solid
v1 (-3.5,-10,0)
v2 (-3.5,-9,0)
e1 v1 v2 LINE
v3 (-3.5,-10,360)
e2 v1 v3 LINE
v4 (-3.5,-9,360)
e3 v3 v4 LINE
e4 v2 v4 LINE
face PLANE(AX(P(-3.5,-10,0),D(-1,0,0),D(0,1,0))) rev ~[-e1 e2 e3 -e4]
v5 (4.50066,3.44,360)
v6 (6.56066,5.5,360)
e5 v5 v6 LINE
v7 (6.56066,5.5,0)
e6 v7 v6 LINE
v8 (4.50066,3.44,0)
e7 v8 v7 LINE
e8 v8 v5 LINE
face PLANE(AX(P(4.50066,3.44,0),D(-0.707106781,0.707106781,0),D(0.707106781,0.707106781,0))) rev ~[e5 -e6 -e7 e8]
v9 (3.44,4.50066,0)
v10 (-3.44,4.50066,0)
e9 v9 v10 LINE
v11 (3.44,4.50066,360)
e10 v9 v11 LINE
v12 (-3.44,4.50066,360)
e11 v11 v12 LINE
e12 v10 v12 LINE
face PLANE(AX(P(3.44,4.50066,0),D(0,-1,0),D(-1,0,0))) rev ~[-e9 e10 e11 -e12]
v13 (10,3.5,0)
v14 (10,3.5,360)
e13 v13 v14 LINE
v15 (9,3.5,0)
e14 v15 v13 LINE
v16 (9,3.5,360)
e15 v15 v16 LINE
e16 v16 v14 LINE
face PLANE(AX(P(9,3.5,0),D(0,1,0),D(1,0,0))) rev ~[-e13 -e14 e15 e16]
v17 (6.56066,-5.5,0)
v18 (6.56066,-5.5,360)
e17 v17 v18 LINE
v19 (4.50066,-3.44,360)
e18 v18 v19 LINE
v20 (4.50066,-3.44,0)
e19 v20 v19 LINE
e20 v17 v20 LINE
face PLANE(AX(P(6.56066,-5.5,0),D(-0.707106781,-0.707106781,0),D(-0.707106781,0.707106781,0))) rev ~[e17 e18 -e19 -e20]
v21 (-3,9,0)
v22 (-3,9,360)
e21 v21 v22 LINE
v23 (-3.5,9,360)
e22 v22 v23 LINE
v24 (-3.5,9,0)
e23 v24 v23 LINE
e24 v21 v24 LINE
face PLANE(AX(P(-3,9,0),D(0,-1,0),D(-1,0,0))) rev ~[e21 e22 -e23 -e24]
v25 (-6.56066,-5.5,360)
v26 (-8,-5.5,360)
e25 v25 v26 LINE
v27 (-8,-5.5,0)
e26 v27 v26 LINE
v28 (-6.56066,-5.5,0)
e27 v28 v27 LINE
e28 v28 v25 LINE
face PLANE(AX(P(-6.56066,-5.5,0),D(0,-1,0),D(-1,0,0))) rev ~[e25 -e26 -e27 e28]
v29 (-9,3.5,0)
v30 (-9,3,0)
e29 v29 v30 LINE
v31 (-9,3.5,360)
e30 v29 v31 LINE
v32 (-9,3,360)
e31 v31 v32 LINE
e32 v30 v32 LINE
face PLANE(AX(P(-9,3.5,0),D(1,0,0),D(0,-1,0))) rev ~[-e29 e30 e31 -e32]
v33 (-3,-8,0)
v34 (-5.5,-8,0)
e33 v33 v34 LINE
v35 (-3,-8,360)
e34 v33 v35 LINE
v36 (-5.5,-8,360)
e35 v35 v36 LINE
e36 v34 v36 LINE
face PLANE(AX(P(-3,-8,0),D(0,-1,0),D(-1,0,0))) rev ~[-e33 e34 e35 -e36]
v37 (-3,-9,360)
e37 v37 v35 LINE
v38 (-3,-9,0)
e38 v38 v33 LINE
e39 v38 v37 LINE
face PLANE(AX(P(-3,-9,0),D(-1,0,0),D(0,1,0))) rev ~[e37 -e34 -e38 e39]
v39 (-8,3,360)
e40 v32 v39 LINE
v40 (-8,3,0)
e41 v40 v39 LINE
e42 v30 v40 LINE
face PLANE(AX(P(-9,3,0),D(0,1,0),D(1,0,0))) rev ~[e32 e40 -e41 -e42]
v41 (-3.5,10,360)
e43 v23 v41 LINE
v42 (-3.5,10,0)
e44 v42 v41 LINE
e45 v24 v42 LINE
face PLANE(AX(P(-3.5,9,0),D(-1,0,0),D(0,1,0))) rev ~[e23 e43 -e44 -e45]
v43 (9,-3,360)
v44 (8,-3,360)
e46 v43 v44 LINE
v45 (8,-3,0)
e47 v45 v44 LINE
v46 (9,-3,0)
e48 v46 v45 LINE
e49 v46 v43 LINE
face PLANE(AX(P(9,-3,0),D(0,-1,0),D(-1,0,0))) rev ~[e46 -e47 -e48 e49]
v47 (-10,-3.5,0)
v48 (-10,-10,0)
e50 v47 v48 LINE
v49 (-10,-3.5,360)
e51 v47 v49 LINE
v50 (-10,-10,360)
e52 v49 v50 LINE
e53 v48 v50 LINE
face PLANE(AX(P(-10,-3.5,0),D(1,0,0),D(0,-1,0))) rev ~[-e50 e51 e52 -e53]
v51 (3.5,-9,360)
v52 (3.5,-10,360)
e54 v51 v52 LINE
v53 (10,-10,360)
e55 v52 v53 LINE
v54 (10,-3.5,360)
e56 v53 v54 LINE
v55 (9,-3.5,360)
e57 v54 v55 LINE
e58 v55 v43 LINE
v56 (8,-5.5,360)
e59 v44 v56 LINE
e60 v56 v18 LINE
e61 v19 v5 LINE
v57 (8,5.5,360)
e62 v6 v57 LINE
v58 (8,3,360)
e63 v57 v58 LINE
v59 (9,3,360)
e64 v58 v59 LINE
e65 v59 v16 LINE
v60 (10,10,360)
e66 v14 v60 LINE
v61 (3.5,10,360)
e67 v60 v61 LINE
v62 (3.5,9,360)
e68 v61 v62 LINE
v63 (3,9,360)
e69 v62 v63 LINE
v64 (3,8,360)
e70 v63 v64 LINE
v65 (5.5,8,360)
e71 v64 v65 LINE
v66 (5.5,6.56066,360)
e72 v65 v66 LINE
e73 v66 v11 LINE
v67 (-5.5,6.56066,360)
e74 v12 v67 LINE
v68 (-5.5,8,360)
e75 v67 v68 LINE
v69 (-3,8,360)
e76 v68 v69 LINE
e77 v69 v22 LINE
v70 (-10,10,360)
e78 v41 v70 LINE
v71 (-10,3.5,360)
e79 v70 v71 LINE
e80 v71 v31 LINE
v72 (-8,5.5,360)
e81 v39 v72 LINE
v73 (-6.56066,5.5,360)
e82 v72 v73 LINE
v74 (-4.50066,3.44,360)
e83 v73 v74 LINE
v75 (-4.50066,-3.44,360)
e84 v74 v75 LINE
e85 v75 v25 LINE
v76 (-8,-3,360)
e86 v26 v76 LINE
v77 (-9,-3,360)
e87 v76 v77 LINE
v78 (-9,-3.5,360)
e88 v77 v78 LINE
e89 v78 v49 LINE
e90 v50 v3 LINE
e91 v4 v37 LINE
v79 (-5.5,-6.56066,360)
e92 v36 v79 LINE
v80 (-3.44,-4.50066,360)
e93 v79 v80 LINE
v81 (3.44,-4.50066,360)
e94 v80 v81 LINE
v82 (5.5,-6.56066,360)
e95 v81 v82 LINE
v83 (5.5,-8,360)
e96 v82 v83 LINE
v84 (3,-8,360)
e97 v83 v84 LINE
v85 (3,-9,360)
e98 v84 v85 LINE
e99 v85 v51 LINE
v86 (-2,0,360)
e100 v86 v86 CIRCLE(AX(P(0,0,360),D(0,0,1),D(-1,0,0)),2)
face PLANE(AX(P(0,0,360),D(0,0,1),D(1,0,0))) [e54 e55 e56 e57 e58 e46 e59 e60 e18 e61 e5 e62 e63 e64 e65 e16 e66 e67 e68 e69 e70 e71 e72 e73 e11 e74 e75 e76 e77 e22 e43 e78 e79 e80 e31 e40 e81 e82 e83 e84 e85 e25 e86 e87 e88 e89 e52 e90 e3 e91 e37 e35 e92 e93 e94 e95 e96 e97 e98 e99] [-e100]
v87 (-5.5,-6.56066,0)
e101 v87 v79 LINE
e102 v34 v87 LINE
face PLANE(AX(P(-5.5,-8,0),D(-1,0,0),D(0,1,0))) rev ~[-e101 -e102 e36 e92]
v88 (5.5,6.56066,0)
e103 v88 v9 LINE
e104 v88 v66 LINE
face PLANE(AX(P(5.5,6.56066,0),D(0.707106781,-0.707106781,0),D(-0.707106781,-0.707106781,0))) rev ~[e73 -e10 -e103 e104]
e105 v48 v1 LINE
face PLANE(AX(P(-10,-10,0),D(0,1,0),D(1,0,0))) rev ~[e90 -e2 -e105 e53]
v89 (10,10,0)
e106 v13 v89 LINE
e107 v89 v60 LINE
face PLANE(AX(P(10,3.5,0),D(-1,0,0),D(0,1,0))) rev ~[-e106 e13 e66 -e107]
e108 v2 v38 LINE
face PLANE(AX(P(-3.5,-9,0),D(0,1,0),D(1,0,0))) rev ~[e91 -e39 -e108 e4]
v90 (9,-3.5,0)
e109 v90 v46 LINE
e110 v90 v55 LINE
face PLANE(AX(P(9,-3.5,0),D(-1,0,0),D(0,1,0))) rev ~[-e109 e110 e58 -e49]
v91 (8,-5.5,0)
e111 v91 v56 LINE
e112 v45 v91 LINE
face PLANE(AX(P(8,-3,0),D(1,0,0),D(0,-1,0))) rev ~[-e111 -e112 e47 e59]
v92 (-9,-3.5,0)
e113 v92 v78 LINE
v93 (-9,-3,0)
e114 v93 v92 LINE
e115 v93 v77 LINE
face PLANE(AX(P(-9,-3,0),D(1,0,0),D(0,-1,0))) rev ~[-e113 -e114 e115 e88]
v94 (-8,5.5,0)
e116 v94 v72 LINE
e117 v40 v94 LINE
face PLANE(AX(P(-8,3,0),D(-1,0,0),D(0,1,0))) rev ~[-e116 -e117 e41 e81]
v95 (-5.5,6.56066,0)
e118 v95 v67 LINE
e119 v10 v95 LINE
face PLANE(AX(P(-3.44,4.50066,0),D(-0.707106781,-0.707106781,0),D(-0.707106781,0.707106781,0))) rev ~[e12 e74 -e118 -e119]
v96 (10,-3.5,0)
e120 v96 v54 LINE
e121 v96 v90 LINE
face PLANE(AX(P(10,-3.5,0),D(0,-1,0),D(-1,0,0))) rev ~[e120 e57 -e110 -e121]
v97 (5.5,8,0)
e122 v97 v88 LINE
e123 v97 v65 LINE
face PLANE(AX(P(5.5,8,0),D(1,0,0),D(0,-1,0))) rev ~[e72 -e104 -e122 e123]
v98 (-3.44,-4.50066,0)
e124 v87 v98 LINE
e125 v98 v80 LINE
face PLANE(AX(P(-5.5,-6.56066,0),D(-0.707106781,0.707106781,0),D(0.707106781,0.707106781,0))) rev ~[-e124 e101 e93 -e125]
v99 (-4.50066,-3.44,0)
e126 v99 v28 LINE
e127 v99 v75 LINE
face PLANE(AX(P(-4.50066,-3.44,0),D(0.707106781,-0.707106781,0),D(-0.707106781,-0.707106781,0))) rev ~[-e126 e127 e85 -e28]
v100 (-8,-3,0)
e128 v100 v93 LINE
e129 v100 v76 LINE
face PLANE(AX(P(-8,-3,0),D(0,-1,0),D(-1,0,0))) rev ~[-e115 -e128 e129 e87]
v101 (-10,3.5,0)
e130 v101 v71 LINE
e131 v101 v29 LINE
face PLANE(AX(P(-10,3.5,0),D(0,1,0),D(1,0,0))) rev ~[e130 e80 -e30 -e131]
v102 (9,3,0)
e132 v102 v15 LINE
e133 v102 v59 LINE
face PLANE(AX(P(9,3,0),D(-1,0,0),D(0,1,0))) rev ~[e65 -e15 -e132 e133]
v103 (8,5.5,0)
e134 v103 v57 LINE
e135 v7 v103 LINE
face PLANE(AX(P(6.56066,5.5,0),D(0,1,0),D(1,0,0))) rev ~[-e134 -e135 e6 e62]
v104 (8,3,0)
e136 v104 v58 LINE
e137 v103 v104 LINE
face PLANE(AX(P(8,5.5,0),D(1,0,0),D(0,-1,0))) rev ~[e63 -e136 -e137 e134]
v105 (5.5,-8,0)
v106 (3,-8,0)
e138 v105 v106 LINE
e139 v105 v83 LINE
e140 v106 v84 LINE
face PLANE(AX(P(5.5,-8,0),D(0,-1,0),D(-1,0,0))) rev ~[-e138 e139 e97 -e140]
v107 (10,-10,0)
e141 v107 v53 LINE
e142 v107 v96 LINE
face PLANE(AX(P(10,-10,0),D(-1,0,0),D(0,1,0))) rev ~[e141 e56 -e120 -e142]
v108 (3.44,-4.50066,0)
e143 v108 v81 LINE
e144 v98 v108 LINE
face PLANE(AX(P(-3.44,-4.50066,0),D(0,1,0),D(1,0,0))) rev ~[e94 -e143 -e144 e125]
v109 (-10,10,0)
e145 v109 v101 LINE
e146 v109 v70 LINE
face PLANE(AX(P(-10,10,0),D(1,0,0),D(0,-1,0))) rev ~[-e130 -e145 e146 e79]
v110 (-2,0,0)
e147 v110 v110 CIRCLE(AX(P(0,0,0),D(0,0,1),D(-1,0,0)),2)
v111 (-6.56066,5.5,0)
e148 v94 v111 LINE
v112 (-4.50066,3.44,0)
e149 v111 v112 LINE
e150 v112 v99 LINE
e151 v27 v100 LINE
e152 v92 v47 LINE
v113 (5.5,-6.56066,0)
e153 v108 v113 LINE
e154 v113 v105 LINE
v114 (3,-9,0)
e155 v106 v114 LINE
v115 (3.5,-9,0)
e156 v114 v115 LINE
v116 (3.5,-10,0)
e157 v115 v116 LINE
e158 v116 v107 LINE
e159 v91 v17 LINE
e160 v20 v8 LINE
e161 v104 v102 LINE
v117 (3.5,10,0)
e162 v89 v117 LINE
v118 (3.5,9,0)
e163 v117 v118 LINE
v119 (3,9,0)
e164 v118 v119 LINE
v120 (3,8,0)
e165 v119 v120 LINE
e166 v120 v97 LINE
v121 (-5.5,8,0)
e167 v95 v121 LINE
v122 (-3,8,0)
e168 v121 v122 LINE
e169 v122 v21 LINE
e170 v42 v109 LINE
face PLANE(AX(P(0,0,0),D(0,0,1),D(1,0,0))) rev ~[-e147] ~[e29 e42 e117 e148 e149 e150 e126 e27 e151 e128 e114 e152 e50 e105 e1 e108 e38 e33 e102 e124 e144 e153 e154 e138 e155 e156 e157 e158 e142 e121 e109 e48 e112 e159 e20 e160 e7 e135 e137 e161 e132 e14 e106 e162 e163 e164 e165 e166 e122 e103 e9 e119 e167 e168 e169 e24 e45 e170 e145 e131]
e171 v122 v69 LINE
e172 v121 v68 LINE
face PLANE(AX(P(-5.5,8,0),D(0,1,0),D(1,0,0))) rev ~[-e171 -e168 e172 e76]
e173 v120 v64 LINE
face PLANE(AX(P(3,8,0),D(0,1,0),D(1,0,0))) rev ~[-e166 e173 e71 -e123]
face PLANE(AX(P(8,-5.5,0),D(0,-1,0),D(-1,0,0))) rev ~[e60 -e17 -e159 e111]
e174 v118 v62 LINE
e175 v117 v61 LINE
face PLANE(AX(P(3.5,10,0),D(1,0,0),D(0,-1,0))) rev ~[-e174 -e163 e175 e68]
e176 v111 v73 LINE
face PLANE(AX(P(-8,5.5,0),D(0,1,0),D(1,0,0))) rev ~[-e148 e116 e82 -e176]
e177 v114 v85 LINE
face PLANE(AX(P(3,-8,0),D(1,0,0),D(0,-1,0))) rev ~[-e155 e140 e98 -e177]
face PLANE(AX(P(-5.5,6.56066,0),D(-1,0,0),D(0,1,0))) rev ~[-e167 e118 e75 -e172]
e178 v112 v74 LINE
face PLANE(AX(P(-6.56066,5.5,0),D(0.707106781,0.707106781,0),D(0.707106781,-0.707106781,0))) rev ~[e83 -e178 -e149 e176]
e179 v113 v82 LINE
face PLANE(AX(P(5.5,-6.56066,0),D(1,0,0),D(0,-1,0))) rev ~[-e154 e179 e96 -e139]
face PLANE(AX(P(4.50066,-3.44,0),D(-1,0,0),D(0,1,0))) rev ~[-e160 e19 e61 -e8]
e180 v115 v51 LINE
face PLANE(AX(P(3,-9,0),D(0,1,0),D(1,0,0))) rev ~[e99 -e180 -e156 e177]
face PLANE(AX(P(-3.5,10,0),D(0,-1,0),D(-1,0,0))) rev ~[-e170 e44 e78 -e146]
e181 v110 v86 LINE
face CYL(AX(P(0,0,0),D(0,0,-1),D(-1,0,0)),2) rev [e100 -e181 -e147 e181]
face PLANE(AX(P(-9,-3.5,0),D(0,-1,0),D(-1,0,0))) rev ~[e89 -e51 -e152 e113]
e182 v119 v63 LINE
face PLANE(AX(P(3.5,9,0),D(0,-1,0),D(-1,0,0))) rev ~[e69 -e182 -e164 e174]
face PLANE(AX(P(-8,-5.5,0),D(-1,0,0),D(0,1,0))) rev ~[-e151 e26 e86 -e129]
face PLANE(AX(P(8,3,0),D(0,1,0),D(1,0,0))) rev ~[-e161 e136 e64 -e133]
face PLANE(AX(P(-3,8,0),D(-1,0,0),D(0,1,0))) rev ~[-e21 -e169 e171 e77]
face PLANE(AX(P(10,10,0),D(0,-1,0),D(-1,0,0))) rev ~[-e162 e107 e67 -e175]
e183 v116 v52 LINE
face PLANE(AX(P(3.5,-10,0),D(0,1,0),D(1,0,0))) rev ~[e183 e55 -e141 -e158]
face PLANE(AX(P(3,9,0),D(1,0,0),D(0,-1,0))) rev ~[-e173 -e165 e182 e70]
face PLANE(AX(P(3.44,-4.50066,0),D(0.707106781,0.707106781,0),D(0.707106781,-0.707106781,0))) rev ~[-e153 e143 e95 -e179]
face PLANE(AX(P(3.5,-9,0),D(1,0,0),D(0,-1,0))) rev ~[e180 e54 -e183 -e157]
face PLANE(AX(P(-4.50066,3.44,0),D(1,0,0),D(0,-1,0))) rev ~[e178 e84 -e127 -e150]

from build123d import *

# Parameters (mm, degrees)
SKETCH1_R           = 2
BOSS_EXTRUDE1_DEPTH = 360


with BuildPart() as part:
    # Sketch1 → Boss-Extrude1 (new body)
    with BuildSketch(Plane.XY):
        Polygon((-10, -10), (-3.5, -10), (-3.5, -9), (-3, -9), (-3, -8), (-5.5, -8), (-5.5, -6.560660172), (-3.44, -4.500660172), (3.44, -4.500660172), (5.5, -6.560660172), (5.5, -8), (3, -8), (3, -9), (3.5, -9), (3.5, -10), (10, -10), (10, -3.5), (9, -3.5), (9, -3), (8, -3), (8, -5.5), (6.560660172, -5.5), (4.500660172, -3.44), (4.500660172, 3.44), (6.560660172, 5.5), (8, 5.5), (8, 3), (9, 3), (9, 3.5), (10, 3.5), (10, 10), (3.5, 10), (3.5, 9), (3, 9), (3, 8), (5.5, 8), (5.5, 6.560660172), (3.44, 4.500660172), (-3.44, 4.500660172), (-5.5, 6.560660172), (-5.5, 8), (-3, 8), (-3, 9), (-3.5, 9), (-3.5, 10), (-10, 10), (-10, 3.5), (-9, 3.5), (-9, 3), (-8, 3), (-8, 5.5), (-6.560660172, 5.5), (-4.500660172, 3.44), (-4.500660172, -3.44), (-6.560660172, -5.5), (-8, -5.5), (-8, -3), (-9, -3), (-9, -3.5), (-10, -3.5), align=None)
        with Locations(Location((0, 0, 0), (0, 0, 180))):
            Circle(SKETCH1_R, mode=Mode.SUBTRACT)
    extrude(amount=BOSS_EXTRUDE1_DEPTH)


solid = part.part
